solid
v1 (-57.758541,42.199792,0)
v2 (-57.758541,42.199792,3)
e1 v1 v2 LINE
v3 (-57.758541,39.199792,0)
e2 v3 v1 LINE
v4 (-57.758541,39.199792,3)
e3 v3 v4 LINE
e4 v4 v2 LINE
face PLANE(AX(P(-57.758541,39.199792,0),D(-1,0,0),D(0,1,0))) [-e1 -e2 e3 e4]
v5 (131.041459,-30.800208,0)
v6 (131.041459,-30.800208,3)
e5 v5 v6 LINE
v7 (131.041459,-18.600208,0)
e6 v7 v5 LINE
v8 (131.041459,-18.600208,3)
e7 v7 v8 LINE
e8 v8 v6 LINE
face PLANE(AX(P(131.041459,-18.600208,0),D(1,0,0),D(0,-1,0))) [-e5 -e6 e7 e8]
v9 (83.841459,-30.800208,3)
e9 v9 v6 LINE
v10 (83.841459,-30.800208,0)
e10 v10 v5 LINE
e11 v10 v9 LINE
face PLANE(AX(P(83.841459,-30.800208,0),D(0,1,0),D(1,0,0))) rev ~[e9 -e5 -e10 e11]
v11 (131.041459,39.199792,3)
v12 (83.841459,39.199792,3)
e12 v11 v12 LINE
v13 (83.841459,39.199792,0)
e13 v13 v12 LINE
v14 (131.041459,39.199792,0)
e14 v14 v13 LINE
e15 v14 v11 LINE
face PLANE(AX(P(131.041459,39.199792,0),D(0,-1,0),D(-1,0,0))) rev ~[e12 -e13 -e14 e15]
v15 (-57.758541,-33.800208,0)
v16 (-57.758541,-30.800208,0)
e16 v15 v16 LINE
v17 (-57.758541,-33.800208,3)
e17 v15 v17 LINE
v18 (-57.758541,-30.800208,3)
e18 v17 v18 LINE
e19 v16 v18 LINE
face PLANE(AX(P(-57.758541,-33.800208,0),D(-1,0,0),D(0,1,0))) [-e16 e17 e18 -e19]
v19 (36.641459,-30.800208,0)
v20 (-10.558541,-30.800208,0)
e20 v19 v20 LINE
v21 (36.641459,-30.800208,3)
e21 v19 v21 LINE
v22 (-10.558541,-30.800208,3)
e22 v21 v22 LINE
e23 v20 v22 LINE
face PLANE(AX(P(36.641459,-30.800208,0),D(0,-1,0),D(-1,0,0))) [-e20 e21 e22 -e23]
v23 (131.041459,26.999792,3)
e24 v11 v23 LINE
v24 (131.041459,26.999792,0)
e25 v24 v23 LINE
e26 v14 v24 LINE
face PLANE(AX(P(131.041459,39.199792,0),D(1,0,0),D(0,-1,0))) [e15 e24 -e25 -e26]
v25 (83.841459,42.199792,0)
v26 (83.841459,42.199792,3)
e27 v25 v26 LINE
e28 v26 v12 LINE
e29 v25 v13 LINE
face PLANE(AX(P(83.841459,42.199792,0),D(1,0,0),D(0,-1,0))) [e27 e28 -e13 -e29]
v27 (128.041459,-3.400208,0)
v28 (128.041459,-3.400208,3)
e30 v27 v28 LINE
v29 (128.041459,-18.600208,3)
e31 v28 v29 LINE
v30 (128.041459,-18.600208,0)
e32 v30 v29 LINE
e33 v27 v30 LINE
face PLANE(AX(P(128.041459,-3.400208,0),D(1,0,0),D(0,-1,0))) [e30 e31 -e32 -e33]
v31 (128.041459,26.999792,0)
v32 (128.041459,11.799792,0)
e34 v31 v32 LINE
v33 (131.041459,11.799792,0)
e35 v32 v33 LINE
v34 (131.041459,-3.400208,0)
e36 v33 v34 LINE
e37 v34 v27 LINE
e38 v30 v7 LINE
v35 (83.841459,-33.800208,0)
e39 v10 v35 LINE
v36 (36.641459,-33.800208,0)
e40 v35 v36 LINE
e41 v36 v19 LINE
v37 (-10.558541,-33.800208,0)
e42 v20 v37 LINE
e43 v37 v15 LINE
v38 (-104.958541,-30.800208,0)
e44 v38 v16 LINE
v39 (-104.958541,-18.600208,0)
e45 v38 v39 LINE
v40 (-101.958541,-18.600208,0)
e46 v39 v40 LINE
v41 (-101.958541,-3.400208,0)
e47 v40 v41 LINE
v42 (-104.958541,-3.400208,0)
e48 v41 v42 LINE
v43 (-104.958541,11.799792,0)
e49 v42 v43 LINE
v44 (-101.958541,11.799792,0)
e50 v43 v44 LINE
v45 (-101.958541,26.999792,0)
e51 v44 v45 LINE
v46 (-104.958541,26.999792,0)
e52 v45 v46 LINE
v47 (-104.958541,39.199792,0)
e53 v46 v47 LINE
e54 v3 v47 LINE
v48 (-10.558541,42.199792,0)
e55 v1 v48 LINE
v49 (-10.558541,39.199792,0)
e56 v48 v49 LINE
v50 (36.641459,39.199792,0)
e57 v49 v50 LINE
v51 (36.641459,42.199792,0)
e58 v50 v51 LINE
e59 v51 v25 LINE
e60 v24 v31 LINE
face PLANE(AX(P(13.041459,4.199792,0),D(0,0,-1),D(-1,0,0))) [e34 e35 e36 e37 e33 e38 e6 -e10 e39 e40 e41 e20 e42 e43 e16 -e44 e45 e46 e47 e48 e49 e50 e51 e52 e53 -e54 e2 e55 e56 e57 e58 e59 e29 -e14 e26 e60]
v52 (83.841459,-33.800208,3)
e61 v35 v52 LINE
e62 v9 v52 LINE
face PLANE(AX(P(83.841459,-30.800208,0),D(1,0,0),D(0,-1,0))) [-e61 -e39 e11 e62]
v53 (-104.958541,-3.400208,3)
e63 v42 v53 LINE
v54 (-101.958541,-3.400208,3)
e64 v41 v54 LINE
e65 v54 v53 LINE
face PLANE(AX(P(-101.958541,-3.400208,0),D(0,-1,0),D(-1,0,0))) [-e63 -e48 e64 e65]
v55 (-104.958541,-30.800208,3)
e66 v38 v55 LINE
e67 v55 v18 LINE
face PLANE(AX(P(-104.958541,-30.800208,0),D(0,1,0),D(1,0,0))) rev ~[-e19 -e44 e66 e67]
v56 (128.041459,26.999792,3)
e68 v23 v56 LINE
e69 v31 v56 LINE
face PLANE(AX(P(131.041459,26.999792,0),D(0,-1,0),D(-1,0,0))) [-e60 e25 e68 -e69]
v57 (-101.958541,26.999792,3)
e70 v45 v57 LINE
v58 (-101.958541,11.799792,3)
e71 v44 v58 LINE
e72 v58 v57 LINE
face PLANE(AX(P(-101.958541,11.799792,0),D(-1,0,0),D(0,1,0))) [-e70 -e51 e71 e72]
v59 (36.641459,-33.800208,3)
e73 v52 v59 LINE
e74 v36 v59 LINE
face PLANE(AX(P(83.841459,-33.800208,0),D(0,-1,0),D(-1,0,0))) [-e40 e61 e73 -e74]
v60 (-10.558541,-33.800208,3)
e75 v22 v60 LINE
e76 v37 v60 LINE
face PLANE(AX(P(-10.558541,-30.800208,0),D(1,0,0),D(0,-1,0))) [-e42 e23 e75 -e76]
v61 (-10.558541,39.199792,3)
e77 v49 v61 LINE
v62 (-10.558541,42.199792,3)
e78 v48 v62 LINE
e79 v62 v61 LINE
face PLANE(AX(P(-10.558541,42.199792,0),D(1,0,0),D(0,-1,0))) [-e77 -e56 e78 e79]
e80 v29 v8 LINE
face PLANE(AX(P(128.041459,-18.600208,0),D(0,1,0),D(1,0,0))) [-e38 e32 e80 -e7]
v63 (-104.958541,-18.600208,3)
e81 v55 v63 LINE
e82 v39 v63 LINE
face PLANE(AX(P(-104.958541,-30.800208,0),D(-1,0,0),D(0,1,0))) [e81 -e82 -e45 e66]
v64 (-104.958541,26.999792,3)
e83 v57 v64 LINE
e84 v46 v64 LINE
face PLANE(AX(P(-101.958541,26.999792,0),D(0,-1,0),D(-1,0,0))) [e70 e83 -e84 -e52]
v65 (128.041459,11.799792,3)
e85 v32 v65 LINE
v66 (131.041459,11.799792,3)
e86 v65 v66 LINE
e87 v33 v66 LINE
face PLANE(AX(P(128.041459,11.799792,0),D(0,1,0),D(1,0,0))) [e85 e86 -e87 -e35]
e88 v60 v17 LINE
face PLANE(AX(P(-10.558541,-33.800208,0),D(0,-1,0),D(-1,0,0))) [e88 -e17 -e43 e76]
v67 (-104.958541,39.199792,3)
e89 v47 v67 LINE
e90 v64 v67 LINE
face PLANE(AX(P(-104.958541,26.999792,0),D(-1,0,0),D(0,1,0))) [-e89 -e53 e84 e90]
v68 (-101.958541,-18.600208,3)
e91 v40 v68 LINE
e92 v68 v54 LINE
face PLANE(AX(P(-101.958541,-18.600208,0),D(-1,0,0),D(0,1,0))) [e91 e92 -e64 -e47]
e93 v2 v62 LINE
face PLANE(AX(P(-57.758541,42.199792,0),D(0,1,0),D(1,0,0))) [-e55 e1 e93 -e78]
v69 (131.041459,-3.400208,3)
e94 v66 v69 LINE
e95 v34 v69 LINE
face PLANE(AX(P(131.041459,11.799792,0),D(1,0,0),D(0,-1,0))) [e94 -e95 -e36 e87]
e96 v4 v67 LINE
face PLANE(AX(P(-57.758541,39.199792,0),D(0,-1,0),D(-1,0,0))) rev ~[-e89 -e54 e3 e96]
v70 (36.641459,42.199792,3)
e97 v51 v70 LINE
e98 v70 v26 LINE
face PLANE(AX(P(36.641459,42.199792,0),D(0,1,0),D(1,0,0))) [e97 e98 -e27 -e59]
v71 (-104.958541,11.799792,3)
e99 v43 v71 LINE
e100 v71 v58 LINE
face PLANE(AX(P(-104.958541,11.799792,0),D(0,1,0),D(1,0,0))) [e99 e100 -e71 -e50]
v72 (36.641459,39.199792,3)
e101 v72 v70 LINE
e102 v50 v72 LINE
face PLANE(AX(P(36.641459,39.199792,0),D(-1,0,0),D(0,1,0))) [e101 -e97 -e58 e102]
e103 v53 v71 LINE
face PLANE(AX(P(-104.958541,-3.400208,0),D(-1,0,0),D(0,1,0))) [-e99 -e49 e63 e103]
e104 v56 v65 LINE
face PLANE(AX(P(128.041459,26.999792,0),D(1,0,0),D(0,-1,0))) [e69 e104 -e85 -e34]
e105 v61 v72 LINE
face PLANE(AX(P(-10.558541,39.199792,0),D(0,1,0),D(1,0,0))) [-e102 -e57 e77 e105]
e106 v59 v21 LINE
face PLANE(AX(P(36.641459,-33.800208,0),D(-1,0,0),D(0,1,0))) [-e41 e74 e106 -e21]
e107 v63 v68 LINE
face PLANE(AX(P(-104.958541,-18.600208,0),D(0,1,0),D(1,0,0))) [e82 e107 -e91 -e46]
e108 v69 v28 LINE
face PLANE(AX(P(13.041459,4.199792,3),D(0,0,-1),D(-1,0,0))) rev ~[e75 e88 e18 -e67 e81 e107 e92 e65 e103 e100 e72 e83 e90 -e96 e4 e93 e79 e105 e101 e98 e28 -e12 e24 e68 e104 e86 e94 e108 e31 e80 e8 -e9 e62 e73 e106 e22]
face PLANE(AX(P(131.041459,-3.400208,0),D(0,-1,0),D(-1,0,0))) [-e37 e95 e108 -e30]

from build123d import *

# Parameters (mm, degrees)
BOSS_EXTRU_1_DEPTH = 3


with BuildPart() as part:
    # Esquisse1 → Boss.-Extru.1 (new body)
    with BuildSketch(Plane.XY):
        Polygon((-101.958541142, 39.199791836), (-57.758541142, 39.199791836), (-57.758541142, 42.199791836), (-10.558541142, 42.199791836), (-10.558541142, 39.199791836), (36.641458858, 39.199791836), (36.641458858, 42.199791836), (83.841458858, 42.199791836), (83.841458858, 39.199791836), (128.041458858, 39.199791836), (131.041458858, 39.199791836), (131.041458858, 26.999791836), (128.041458858, 26.999791836), (128.041458858, 11.799791836), (131.041458858, 11.799791836), (131.041458858, -3.400208164), (128.041458858, -3.400208164), (128.041458858, -18.600208164), (131.041458858, -18.600208164), (131.041458858, -30.800208164), (128.041458858, -30.800208164), (83.841458858, -30.800208164), (83.841458858, -33.800208164), (36.641458858, -33.800208164), (36.641458858, -30.800208164), (-10.558541142, -30.800208164), (-10.558541142, -33.800208164), (-57.758541142, -33.800208164), (-57.758541142, -30.800208164), (-101.958541142, -30.800208164), (-104.958541142, -30.800208164), (-104.958541142, -18.600208164), (-101.958541142, -18.600208164), (-101.958541142, -3.400208164), (-104.958541142, -3.400208164), (-104.958541142, 11.799791836), (-101.958541142, 11.799791836), (-101.958541142, 26.999791836), (-104.958541142, 26.999791836), (-104.958541142, 39.199791836), align=None)
    extrude(amount=BOSS_EXTRU_1_DEPTH)


solid = part.part
